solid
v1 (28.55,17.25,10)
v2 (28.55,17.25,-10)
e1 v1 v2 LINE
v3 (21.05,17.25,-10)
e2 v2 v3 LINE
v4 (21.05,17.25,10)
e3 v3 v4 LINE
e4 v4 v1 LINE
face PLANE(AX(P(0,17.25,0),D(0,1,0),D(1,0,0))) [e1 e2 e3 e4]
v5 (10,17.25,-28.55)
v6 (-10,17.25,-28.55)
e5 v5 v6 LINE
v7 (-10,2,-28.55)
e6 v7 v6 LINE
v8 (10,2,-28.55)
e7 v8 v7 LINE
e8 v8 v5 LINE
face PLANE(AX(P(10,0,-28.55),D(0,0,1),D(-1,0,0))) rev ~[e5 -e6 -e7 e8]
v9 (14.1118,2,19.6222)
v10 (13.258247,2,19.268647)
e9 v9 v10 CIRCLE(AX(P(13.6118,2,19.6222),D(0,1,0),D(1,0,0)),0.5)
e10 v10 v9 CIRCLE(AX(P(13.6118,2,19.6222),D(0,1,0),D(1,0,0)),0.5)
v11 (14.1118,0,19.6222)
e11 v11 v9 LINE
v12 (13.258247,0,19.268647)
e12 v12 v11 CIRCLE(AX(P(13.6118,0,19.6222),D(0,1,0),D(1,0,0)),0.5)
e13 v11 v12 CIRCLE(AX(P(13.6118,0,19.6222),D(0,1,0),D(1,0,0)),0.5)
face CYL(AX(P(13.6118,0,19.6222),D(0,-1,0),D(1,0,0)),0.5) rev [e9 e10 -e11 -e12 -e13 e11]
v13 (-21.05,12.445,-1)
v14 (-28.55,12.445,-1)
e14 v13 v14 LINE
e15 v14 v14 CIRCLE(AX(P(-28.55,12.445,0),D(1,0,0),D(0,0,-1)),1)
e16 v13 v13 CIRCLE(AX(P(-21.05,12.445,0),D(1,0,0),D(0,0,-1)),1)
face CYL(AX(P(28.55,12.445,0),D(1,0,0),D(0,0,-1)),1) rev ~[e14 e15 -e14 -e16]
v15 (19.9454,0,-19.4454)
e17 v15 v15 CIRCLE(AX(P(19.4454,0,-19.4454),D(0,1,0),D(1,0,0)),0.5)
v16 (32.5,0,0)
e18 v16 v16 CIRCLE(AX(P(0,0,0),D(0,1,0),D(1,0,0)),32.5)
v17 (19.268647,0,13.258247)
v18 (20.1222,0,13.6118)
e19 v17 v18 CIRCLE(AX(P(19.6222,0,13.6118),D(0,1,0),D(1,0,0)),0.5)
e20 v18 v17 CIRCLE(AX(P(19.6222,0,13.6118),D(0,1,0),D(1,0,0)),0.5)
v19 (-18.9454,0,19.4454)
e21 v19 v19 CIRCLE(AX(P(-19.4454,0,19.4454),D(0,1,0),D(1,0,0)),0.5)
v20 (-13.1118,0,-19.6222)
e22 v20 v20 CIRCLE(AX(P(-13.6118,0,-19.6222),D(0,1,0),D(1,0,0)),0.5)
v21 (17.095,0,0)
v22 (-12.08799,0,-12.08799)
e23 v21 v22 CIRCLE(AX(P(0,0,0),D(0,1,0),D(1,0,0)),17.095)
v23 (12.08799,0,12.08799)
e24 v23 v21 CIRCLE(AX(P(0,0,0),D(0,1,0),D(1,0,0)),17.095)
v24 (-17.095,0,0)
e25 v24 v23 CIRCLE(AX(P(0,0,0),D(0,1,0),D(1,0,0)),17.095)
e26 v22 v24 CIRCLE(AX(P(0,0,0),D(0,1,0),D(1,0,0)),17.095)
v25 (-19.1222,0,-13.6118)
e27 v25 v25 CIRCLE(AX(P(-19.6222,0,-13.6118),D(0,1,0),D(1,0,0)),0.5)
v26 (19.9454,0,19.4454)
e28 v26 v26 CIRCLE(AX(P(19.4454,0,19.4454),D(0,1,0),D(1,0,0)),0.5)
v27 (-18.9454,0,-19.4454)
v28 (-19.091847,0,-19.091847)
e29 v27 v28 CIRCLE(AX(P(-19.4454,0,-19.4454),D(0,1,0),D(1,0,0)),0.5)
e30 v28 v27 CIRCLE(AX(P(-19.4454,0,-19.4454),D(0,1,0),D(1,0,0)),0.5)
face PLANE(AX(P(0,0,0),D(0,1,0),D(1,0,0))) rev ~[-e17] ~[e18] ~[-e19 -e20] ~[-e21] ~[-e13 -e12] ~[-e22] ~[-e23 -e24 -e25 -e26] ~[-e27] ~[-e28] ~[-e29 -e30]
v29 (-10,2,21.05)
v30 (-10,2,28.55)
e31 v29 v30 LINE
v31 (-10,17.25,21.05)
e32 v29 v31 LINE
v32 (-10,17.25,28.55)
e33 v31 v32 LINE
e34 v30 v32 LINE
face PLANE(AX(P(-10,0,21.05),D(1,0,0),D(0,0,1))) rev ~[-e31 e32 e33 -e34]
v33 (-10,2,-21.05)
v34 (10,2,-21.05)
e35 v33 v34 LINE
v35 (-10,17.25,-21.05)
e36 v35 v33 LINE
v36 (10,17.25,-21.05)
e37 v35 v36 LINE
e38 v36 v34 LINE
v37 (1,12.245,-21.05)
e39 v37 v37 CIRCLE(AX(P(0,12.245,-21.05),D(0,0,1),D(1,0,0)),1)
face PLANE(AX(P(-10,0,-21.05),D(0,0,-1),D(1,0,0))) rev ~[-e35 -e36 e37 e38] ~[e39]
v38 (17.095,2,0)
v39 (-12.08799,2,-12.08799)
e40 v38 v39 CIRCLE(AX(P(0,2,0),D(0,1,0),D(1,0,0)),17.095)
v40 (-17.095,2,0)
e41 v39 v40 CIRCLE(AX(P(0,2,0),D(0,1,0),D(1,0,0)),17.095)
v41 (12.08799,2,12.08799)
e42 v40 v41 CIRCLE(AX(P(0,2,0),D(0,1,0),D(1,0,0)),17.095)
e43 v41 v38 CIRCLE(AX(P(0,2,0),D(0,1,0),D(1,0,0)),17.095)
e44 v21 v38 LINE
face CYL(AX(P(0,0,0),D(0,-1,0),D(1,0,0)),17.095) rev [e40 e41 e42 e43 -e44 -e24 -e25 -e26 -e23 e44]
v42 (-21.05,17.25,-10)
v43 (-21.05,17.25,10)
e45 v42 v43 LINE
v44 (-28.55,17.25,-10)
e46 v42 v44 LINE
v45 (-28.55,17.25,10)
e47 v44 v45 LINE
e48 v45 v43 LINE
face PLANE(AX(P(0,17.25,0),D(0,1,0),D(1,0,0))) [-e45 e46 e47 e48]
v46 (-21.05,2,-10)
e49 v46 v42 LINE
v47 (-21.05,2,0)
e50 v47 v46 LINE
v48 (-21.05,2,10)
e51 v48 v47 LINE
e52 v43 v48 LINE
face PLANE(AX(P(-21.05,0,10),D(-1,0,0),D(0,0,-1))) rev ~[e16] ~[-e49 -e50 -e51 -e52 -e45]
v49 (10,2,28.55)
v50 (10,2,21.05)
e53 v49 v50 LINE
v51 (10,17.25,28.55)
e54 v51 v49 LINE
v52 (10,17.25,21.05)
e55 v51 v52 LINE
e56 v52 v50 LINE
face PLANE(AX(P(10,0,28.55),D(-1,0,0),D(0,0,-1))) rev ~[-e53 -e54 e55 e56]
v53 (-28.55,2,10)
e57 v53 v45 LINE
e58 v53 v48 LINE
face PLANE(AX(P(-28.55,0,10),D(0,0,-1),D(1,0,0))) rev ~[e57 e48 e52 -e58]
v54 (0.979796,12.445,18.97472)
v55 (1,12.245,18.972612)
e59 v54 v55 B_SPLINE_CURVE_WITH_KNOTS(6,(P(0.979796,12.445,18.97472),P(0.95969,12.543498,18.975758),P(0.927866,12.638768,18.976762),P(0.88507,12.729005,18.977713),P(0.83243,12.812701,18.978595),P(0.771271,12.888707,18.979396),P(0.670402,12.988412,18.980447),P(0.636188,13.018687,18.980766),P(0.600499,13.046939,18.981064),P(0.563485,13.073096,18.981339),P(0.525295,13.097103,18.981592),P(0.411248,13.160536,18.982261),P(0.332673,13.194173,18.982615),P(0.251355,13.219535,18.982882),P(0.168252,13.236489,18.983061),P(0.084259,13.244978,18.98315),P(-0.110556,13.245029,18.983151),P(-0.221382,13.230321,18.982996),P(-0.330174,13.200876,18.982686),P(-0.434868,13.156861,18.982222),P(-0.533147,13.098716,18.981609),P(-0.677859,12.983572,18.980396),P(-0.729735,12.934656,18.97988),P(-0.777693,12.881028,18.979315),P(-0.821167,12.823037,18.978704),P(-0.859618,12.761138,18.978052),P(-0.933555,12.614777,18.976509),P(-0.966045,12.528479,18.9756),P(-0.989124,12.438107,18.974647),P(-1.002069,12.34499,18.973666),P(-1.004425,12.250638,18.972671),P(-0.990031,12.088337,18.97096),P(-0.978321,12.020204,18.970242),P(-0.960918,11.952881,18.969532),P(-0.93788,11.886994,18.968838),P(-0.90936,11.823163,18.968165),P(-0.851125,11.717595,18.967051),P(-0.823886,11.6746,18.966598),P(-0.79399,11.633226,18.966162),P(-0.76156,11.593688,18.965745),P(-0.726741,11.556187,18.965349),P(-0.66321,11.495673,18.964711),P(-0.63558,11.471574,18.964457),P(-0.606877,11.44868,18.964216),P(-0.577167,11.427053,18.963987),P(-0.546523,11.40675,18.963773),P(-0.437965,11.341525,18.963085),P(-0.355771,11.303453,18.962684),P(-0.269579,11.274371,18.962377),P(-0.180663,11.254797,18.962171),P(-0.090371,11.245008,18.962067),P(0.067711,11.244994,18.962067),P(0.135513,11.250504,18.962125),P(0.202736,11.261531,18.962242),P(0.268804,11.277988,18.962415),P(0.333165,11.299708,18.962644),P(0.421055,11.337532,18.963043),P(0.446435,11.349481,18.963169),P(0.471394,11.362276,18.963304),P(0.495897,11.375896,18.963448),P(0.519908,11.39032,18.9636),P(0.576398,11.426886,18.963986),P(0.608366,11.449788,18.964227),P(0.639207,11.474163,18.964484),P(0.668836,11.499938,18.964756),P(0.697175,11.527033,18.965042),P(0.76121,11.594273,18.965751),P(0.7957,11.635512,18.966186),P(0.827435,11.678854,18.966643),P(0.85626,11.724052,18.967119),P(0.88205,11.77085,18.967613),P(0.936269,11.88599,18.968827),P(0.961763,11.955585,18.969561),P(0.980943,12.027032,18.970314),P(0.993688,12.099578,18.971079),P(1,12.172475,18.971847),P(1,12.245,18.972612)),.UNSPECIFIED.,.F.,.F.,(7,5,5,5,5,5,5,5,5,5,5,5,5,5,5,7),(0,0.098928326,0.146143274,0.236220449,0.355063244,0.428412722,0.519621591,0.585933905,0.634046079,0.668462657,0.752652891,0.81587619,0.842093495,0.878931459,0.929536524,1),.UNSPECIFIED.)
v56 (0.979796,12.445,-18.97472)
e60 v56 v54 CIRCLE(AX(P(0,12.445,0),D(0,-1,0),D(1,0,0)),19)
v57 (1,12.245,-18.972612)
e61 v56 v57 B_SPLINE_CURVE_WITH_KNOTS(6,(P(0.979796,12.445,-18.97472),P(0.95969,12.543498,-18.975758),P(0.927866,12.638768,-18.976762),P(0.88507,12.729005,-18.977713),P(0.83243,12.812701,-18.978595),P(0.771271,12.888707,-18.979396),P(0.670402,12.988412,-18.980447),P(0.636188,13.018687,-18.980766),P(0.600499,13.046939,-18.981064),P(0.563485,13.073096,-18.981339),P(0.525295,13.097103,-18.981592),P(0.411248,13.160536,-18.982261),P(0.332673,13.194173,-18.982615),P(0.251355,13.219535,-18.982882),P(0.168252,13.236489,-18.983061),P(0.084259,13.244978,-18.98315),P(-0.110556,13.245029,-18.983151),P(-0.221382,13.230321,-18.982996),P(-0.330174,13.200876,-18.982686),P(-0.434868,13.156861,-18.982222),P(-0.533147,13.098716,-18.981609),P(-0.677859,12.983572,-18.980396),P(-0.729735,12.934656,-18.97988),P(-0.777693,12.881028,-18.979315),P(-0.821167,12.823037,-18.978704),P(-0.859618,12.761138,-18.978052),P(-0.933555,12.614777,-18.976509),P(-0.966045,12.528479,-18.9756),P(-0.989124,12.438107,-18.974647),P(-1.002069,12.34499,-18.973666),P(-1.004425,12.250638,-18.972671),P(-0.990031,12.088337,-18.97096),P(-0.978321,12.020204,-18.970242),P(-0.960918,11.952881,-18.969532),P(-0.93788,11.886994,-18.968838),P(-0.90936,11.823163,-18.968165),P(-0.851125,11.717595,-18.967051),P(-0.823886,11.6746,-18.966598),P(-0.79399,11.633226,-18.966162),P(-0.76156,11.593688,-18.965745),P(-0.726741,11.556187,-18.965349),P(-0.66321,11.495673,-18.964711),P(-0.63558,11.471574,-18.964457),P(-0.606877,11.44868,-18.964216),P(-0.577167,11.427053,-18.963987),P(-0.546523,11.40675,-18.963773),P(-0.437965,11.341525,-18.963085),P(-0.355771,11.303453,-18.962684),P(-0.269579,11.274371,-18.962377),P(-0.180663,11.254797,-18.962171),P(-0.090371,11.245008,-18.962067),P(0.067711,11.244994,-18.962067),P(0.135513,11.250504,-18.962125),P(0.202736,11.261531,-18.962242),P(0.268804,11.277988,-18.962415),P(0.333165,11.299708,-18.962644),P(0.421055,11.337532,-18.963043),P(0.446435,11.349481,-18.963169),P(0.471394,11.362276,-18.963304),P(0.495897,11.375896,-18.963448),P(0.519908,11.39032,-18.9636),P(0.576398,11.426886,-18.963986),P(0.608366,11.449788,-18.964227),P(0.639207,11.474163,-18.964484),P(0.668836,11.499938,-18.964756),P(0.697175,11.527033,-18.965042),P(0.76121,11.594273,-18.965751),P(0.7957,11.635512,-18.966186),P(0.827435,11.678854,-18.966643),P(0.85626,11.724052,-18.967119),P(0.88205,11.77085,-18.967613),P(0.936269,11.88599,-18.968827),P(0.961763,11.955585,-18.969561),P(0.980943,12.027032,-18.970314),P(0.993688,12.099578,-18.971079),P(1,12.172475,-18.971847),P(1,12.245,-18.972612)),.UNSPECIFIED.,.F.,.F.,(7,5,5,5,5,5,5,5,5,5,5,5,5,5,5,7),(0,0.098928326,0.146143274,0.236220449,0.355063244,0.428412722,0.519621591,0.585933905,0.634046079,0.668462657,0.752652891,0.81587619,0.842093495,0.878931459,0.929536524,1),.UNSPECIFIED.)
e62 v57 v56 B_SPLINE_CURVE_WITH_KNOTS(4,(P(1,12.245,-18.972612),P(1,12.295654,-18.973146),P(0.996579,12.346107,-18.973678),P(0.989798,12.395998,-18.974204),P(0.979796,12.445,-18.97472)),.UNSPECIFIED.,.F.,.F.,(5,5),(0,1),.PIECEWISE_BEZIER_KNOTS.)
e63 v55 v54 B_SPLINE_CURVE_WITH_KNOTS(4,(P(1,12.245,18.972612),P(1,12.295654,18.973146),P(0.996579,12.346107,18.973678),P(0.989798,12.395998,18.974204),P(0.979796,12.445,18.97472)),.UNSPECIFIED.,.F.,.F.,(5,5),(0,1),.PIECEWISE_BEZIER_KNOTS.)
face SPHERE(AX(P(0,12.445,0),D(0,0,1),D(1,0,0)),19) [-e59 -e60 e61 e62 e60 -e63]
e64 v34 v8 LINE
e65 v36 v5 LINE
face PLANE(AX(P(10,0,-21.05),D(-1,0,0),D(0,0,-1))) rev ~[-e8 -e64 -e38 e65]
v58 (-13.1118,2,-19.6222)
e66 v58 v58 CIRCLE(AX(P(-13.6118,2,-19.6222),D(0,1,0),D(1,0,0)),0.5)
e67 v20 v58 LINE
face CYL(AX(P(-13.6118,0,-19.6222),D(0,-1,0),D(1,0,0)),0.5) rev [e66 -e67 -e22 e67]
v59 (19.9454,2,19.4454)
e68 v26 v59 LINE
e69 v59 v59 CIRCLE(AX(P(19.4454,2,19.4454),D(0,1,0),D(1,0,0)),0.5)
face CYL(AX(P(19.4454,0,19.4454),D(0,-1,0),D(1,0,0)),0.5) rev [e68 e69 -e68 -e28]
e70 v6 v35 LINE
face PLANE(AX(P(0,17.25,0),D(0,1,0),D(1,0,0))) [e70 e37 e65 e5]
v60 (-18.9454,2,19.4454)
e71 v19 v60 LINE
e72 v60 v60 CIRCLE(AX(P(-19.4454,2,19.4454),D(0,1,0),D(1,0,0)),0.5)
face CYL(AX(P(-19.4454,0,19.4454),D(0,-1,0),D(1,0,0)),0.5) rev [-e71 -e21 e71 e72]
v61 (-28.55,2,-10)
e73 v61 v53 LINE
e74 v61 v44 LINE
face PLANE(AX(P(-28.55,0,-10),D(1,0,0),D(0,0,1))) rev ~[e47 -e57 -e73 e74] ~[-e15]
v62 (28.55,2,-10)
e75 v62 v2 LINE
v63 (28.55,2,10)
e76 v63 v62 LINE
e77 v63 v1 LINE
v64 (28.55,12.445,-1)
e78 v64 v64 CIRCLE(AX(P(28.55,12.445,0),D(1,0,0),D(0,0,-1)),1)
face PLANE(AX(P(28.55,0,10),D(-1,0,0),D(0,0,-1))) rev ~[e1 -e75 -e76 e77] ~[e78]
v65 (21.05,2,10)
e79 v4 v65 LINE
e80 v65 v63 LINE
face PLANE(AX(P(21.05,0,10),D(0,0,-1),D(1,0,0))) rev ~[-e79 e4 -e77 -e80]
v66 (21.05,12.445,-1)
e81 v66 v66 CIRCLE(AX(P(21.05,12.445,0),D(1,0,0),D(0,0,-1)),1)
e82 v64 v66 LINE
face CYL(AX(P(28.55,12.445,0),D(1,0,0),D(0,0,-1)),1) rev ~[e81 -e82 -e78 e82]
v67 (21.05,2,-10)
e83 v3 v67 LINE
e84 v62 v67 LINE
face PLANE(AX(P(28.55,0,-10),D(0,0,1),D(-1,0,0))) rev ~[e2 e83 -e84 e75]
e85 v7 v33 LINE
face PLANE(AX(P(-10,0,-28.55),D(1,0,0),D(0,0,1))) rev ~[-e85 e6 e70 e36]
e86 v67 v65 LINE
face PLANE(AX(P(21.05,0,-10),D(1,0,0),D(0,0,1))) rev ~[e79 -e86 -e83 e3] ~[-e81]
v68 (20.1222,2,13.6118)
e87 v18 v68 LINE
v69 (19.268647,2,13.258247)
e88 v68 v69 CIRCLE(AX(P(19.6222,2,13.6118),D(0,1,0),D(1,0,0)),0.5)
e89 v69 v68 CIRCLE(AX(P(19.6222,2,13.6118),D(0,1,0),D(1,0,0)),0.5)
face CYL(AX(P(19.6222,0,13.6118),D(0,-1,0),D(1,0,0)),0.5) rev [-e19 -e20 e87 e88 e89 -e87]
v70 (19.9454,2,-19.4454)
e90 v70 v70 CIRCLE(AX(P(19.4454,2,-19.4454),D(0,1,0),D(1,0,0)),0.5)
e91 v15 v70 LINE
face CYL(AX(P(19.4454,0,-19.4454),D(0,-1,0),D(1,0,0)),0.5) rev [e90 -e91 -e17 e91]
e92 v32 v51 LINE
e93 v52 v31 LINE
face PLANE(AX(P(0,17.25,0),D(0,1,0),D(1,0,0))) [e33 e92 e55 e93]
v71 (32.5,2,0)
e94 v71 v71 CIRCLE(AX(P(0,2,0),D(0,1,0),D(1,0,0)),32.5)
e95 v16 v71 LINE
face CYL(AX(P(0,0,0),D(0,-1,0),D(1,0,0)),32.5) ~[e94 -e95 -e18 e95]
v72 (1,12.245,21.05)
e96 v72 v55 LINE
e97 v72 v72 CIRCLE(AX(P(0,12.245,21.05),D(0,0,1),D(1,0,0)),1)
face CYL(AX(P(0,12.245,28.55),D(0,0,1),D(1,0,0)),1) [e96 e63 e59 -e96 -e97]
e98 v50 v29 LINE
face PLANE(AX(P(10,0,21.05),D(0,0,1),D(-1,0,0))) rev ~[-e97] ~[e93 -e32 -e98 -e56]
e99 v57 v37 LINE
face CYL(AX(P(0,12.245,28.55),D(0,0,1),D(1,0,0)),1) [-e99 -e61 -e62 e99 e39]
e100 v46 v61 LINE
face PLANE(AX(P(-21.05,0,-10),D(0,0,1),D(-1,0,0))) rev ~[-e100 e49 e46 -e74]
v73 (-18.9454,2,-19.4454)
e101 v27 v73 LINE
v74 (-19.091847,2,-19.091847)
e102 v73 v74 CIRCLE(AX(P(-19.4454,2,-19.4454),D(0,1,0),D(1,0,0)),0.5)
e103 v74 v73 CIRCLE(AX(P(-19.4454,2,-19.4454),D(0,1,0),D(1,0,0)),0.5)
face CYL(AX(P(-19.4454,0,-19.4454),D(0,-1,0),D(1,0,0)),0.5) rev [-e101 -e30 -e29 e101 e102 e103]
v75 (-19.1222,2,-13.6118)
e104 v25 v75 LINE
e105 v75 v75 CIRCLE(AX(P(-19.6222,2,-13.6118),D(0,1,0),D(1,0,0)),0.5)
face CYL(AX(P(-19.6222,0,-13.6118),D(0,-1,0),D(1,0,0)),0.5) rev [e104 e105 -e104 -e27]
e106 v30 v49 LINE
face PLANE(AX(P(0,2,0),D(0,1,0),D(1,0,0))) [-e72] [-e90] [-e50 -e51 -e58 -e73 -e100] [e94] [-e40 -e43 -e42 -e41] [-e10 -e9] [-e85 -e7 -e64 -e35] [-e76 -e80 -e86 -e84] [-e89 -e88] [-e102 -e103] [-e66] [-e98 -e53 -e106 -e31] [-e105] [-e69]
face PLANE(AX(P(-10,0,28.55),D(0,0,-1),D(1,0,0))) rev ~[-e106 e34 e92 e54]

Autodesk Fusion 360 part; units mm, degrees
sketch "Sketch1" plane through (0, 0, 0) normal (0, 1, 0) x (1, 0, 0)
  circle A0 centre (0, 0) radius 17.095
  circle A1 centre (0, 0) radius 32.5
  line L0 (-21.05, 10) -> (-28.55, 10)
  line L1 (-28.55, 10) -> (-28.55, -10)
  line L2 (-28.55, -10) -> (-21.05, -10)
  line L3 (-21.05, -10) -> (-21.05, 10)
  line L4 (-21.05, 0) -> (0, 0)
  line L5 (0, 0) -> (-19.4454, 19.4454)
  circle A2 centre (-19.4454, 19.4454) radius 0.5
  line L6 (-10, -21.05) -> (-10, -28.55)
  line L7 (10, -28.55) -> (10, -21.05)
  line L8 (-10, -28.55) -> (10, -28.55)
  line L9 (10, -21.05) -> (-10, -21.05)
  circle A3 centre (-19.4454, -19.4454) radius 0.5
  line L10 (21.05, -10) -> (28.55, -10)
  line L11 (28.55, 10) -> (21.05, 10)
  line L12 (28.55, -10) -> (28.55, 10)
  line L13 (21.05, 10) -> (21.05, -10)
  circle A4 centre (19.4454, -19.4454) radius 0.5
  line L14 (10, 21.05) -> (10, 28.55)
  line L15 (-10, 28.55) -> (-10, 21.05)
  line L16 (10, 28.55) -> (-10, 28.55)
  line L17 (-10, 21.05) -> (10, 21.05)
  circle A5 centre (19.4454, 19.4454) radius 0.5
  line L18 (17.3241, -8.1317) -> (8.1317, -17.3241)
  line L19 (0, 0) -> (12.7279, -12.7279)
  line L20 (10.253, -19.4454) -> (8.1317, -17.3241)
  line L21 (8.1317, -17.3241) -> (11.3137, -14.1421)
  line L22 (11.3137, -14.1421) -> (13.435, -16.2635)
  line L23 (13.435, -16.2635) -> (10.253, -19.4454)
  line L24 (19.4454, -10.253) -> (17.3241, -8.1317)
  line L25 (17.3241, -8.1317) -> (14.1421, -11.3137)
  line L26 (14.1421, -11.3137) -> (16.2635, -13.435)
  line L27 (16.2635, -13.435) -> (19.4454, -10.253)
  line L28 (11.844, -17.8544) -> (13.6118, -19.6222)
  circle A6 centre (13.6118, -19.6222) radius 0.5
  line L29 (17.8544, -11.844) -> (19.6222, -13.6118)
  circle A7 centre (19.6222, -13.6118) radius 0.5
  circle A8 centre (-13.6118, 19.6222) radius 0.5
  circle A9 centre (-19.6222, 13.6118) radius 0.5
  point P0 (0, -21.05)
  point P1 (21.05, 0)
  point P2 (0, 21.05)
  dimension "d1" = 34.19
  dimension "d2" = 65
  dimension "d4" = 21.05
  dimension "d5" = 20
  dimension "d6" = 7.5
  dimension "d7" = 27.5
  dimension "d8" = 1
  dimension "d9" = 45
  dimension "d11" = 360
  dimension "d13" = 13
  dimension "d14" = 18
  dimension "d15" = 3
  dimension "d16" = 4.5
  dimension "d17" = 3
  dimension "d18" = 4.5
  dimension "d19" = 2.5
  dimension "d20" = 1
  dimension "d21" = 2.5
  dimension "d22" = 1
  dimension "d24" = 360
extrude "Extrude1" add sketch "Sketch1" along normal blind 12.45 contours L0 L1 L2 L3 | L6 L7 L8 L9 | L10 L11 L12 L13 | L14 L15 L16 L17 makes body 1 at (3.3333, 4.15, 21.05) makes body 2 at (21.05, 4.15, -3.3333) makes body 3 at (-21.05, 4.15, 3.3333) makes body 4 at (-3.3333, 4.15, -21.05)
extrude "Extrude2" add sketch "Sketch1" along normal blind 2 contours L18 L24 L25 L26 L27 | L18 L20 L21 L22 L23 | A1 bodies 1 2 3 4
extrude "Extrude3" add 4 faces at (-26.05, 12.45, 3.3333) (-3.3333, 12.45, 23.55) (23.55, 12.45, -3.3333) (3.3333, 12.45, -23.55) along direction (0, 1, 0) blind 1.8 on bodies 1 bodies 1
sketch "Sketch2" plane through (0, 0, 28.55) normal (0, 0, 1) x (1, 0, 0)
  line L0 (-10, 2) -> (10, 2)
  line L1 (10, 2) -> (10, 14.25)
  line L2 (10, 14.25) -> (-10, 14.25)
  line L3 (-10, 14.25) -> (-10, 2)
  circle A0 centre (0, 12.245) radius 1
  dimension "d31" = 2
  dimension "d32" = 12.245
extrude "Extrude4" add 4 faces at (-3.3333, 14.25, 23.55) (23.55, 14.25, -3.3333) (3.3333, 14.25, -23.55) (-26.05, 14.25, 3.3333) along direction (0, 1, 0) blind 3 on bodies 1 bodies 1
sketch "Sketch3" plane through (28.55, 0, 0) normal (1, 0, 0) x (0, 0, -1)
  line L0 (-10, 2) -> (10, 2)
  line L1 (10, 2) -> (10, 17.25)
  line L2 (10, 17.25) -> (-10, 17.25)
  line L3 (-10, 17.25) -> (-10, 2)
  circle A0 centre (0, 12.445) radius 1
  dimension "d35" = 2
  dimension "d36" = 12.445
extrude "Extrude5" cut sketch "Sketch3" against normal blind 60 contours A0 bodies 1
extrude "Extrude6" cut sketch "Sketch2" against normal blind 60 contours A0 bodies 1
sketch "Sketch4" plane through (0, 0, 0) normal (0, 0, 1) x (1, 0, 0)
  line L0 (21.05, 2) -> (21.05, 17.25)
  line L1 (-21.05, 12.445) -> (21.05, 12.445)
  point P0 (-21.05, 12.445)
  point P1 (21.05, 12.445)
sketch "Sketch5" plane through (0, 0, 0) normal (0, 0, 1) x (1, 0, 0)
sketch "Sketch6" plane through (0, 0, 0) normal (0, 0, 1) x (1, 0, 0)
  line L0 (-21.05, 12.445) -> (21.05, 12.445)
  line L1 (-21.05, 12.445) -> (0, 12.445)
  point P0 (-21.05, 12.445)
sphere "SpherePrimitive1" add diameter 38 placed x (1, 0, 0) y (0, 1, 0) z (0, 0, 1) at (0, 12.445, 0) separate body makes body 5
extrude "Extrude7" add sketch "Sketch2" against normal blind 57.1 contours A0 bodies 5 1
